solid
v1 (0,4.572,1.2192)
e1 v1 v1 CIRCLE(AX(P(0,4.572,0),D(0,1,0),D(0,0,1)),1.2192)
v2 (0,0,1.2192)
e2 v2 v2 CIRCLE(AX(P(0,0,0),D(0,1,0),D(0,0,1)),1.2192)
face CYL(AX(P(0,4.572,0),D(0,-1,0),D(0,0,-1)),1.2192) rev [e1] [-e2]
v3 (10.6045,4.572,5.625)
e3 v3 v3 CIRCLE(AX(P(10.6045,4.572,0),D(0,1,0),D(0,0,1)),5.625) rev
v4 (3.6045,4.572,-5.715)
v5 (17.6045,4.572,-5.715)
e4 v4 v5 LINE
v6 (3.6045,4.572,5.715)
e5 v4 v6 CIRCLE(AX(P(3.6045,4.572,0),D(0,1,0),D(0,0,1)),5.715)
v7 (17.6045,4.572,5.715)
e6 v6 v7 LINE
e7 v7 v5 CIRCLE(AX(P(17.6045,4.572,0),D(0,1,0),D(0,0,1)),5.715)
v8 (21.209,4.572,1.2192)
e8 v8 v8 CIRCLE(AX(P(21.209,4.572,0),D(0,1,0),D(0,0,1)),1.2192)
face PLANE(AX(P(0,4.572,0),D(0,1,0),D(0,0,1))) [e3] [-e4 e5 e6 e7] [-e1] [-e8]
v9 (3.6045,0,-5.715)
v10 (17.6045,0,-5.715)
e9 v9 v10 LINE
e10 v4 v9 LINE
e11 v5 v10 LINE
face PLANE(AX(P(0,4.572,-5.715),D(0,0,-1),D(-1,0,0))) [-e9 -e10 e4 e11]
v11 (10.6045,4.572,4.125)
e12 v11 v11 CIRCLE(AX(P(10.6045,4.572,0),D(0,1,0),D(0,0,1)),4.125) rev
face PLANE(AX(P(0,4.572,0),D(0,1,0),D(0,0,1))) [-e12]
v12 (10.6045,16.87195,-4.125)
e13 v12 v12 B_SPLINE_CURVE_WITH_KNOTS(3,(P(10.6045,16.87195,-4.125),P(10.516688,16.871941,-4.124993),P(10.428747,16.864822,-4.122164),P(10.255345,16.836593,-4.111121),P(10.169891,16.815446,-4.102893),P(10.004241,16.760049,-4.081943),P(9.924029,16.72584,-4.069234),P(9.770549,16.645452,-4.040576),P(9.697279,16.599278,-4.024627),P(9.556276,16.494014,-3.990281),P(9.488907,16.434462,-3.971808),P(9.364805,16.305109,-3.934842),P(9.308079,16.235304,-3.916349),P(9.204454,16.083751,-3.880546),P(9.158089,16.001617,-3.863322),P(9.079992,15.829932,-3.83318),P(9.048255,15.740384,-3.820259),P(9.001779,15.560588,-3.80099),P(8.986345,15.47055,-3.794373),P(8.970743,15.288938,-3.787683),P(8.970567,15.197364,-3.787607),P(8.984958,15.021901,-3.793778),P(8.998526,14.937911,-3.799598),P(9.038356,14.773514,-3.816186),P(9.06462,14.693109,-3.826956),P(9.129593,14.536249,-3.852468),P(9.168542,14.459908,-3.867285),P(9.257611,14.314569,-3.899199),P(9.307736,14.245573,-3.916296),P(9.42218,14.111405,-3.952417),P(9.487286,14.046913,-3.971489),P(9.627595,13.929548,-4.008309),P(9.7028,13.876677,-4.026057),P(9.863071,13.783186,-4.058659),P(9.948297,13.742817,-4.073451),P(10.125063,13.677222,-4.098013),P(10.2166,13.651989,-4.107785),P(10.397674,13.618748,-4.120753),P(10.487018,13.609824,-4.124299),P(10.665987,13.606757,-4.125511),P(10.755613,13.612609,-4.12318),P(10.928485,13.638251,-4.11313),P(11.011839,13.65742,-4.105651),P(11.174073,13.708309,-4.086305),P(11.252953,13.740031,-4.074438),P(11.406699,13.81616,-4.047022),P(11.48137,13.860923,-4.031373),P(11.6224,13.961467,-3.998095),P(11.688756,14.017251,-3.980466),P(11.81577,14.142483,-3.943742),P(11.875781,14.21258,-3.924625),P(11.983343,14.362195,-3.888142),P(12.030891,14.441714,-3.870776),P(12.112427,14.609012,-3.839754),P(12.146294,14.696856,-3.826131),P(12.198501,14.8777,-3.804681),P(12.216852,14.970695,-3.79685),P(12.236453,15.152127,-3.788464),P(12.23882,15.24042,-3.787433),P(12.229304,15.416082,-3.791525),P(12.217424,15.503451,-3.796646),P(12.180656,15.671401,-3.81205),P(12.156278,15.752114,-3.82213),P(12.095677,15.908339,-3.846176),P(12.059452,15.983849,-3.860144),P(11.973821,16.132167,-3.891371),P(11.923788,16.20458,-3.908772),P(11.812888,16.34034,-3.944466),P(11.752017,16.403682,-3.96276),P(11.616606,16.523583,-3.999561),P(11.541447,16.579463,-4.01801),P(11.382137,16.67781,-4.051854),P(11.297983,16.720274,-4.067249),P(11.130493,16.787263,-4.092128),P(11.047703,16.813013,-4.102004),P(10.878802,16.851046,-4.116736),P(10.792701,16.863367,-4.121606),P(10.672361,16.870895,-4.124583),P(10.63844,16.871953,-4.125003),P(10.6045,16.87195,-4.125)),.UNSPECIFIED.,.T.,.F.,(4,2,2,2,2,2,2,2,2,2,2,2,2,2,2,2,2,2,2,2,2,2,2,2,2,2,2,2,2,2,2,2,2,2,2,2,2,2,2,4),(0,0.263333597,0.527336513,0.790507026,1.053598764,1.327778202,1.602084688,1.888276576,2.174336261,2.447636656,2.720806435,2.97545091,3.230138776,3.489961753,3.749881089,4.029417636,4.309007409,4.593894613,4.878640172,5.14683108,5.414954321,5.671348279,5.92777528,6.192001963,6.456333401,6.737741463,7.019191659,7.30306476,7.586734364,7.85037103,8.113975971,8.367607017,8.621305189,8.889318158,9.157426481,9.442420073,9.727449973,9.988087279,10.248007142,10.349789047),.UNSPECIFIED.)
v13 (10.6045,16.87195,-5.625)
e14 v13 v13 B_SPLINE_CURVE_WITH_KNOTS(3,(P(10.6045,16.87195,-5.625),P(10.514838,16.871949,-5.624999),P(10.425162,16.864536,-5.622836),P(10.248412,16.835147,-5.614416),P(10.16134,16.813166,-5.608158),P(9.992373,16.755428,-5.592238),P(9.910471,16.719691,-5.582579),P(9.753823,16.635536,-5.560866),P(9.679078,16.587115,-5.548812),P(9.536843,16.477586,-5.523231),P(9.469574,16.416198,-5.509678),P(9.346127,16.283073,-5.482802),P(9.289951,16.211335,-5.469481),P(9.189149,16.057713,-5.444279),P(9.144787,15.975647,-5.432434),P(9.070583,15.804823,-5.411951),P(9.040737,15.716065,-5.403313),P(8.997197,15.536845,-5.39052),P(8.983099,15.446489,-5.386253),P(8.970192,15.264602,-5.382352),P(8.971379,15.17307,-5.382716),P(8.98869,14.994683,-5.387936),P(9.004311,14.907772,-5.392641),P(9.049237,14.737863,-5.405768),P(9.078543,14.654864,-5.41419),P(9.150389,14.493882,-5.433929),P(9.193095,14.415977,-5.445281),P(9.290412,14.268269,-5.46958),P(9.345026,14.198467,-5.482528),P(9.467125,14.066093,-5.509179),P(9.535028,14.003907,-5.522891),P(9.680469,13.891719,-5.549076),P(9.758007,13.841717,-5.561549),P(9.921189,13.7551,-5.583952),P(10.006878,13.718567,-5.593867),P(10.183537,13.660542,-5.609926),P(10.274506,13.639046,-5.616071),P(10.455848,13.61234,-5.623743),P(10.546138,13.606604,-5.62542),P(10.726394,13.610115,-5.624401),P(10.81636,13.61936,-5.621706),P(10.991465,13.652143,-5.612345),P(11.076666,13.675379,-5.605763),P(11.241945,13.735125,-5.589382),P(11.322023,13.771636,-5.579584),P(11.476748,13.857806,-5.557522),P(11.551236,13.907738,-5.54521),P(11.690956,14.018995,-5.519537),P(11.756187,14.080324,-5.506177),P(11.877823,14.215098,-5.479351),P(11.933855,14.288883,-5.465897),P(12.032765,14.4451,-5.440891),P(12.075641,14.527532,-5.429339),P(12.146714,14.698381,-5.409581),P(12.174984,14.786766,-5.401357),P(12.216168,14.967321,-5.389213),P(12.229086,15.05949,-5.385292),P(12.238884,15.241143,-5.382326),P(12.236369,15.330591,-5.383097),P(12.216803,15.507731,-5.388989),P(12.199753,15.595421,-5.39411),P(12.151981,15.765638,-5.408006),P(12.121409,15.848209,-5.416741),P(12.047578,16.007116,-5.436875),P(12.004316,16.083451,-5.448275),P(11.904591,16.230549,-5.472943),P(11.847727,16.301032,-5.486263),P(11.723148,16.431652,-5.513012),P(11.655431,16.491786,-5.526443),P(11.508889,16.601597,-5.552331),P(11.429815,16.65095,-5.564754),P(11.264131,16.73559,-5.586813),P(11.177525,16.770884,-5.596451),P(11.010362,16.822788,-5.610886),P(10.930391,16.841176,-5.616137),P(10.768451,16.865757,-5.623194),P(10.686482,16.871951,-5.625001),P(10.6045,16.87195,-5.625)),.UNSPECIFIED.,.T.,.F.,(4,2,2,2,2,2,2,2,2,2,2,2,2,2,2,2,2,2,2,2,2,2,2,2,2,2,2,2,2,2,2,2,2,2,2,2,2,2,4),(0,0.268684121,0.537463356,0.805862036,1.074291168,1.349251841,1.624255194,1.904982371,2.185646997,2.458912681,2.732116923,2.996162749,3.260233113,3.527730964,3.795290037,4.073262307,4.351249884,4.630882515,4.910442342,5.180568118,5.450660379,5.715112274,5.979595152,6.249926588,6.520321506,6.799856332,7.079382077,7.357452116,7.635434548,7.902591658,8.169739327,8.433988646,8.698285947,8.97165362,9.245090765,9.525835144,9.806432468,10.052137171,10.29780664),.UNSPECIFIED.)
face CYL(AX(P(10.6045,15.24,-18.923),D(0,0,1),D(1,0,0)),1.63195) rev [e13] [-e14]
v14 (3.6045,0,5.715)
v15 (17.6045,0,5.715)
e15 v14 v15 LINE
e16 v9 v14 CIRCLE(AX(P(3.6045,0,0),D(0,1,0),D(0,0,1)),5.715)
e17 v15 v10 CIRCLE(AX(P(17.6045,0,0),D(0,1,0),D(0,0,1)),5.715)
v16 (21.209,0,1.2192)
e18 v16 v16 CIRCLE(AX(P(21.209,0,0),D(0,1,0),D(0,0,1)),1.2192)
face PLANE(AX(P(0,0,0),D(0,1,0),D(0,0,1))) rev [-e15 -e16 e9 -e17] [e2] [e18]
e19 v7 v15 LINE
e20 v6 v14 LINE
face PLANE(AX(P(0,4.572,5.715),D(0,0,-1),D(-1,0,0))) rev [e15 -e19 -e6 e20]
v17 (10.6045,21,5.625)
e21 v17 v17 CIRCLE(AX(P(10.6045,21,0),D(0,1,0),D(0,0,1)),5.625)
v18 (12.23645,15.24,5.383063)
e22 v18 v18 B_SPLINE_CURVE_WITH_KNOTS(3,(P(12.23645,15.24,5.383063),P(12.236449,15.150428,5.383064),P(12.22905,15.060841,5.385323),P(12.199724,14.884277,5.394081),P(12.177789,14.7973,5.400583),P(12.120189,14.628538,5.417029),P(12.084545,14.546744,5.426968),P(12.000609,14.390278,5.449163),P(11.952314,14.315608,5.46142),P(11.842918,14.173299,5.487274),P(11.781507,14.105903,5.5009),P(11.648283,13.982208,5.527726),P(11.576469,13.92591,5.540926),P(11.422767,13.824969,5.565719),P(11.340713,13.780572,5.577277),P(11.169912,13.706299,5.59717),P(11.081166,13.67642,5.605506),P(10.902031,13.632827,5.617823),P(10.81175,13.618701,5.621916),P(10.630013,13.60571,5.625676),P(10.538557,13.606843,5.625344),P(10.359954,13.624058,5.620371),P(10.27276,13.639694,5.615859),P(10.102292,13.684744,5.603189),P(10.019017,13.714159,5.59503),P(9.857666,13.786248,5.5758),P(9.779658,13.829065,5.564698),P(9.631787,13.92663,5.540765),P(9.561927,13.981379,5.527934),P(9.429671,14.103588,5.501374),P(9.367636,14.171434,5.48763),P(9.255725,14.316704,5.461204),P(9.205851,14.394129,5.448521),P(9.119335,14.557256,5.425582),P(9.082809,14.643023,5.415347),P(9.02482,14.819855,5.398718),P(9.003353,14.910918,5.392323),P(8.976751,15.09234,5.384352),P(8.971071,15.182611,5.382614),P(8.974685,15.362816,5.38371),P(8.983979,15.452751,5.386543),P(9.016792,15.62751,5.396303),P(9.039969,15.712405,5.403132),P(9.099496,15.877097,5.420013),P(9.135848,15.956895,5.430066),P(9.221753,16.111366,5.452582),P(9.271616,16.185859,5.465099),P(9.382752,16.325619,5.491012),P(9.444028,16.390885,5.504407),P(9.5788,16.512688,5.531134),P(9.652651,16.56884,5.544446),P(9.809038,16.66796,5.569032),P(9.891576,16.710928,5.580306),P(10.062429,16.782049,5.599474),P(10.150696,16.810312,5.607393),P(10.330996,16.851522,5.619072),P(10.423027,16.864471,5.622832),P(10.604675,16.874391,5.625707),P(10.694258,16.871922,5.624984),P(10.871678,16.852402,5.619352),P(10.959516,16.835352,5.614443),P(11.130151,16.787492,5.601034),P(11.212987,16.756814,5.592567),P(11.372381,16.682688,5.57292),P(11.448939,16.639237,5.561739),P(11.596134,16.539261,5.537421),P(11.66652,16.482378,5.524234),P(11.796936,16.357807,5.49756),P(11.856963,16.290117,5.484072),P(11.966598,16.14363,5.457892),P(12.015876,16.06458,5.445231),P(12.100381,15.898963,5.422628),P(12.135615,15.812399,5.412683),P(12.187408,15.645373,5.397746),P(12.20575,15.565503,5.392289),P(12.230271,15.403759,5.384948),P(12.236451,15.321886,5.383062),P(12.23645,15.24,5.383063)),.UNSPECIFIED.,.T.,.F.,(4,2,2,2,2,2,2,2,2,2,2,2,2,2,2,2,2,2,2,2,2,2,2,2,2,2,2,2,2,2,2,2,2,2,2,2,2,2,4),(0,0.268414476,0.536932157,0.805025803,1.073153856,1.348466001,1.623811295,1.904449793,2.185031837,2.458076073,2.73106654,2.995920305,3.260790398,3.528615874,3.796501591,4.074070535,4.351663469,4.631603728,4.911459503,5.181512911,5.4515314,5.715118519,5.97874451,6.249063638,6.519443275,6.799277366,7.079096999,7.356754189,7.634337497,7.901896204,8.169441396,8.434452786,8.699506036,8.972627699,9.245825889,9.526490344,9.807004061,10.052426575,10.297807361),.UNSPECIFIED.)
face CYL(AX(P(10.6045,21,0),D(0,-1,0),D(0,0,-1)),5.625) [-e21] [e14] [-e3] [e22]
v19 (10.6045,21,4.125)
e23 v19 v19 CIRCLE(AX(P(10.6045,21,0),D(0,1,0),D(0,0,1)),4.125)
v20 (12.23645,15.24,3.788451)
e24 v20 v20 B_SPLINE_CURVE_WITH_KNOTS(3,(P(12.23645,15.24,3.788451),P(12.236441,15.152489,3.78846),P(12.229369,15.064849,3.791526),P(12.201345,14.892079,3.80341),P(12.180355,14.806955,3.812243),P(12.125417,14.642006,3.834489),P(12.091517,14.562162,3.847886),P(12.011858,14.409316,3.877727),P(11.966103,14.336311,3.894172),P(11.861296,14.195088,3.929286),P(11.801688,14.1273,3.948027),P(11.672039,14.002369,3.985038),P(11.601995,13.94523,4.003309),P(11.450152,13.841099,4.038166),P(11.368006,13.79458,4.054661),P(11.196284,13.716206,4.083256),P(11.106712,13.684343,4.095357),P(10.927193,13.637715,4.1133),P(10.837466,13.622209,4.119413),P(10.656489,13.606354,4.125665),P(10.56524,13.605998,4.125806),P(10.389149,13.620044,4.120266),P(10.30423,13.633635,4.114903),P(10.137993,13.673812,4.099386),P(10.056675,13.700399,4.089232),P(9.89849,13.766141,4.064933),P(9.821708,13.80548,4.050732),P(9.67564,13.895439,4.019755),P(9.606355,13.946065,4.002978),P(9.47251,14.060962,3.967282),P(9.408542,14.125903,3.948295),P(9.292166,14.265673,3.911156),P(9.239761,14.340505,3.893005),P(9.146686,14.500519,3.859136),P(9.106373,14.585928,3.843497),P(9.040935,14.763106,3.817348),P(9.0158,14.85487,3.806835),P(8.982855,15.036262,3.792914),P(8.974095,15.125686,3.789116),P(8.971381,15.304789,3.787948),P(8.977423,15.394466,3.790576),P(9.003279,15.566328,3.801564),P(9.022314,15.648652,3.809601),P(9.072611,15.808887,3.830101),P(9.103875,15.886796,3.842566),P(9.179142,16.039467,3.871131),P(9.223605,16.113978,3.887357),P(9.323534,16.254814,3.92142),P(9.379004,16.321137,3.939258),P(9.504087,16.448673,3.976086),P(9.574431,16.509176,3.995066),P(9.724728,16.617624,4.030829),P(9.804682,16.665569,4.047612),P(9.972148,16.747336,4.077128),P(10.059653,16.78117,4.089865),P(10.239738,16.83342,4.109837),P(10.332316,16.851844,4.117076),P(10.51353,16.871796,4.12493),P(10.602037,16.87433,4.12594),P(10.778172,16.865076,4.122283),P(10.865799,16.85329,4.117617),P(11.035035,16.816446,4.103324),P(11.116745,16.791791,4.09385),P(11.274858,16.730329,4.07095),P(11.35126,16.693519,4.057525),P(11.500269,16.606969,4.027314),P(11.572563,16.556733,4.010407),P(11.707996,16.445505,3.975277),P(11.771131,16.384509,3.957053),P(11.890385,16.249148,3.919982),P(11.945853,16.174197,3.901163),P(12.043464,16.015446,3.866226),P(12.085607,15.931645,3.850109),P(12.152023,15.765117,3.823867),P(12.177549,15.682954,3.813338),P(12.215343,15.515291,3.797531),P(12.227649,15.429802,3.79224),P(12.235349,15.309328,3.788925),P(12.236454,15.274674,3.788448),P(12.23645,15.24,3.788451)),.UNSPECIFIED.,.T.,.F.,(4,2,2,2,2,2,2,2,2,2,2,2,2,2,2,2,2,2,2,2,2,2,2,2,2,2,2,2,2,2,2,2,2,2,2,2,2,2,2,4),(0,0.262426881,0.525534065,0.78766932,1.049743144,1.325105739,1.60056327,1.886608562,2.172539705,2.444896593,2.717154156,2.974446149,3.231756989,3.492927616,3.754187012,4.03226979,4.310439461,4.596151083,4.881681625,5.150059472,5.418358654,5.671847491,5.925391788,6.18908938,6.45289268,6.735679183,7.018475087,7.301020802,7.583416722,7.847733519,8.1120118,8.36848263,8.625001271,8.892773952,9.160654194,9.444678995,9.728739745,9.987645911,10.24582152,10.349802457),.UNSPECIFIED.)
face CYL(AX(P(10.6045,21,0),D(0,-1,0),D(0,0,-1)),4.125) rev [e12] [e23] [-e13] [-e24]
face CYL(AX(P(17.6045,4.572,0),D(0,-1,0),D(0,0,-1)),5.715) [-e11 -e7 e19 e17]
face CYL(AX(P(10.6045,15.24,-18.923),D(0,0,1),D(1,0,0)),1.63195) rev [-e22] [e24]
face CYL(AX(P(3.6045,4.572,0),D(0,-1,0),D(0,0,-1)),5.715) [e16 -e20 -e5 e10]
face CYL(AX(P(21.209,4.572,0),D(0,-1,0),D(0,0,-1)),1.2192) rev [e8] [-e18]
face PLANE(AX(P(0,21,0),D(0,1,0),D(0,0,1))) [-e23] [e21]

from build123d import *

# Parameters (mm, degrees)
SKETCH1_R               = 1.2192
BOSS_EXTRUDE1_DEPTH     = 4.572
SKETCH1_3_R             = 5.625
SKETCH1_3_R_2           = 4.125
BOSS_EXTRUDE2_DEPTH     = 21
CUT_EXTRUDE1_DEPTH      = 18.923
CUT_EXTRUDE1_DEPTH_BACK = 18.923
SKETCH2_R               = 1.63195


with BuildPart() as part:
    # Sketch1 → Boss-Extrude1 (new body)
    with BuildSketch(Plane(origin=(0, 0, 0), x_dir=(1, 0, 0), z_dir=(0, 1, 0))):
        with BuildLine():
            Line((17.6045, 5.715), (3.6045, 5.715))
            ThreePointArc((3.6045, 5.715), (-2.1105, 0), (3.6045, -5.715))
            Line((3.6045, -5.715), (17.6045, -5.715))
            ThreePointArc((17.6045, -5.715), (23.3195, 0), (17.6045, 5.715))
        make_face()
        Circle(SKETCH1_R, mode=Mode.SUBTRACT)
        with Locations((21.209, 0)):
            Circle(SKETCH1_R, mode=Mode.SUBTRACT)
    extrude(amount=BOSS_EXTRUDE1_DEPTH)

    # Sketch1<3> → Boss-Extrude2 (add)
    with BuildSketch(Plane(origin=(0, 0, 0), x_dir=(1, 0, 0), z_dir=(0, 1, 0))):
        with Locations((10.6045, 0)):
            Circle(SKETCH1_3_R)
        with Locations((10.6045, 0)):
            Circle(SKETCH1_3_R_2, mode=Mode.SUBTRACT)
    extrude(amount=BOSS_EXTRUDE2_DEPTH)

    # Sketch2 → Cut-Extrude1 (cut, two sides: drawn at the far end of the back side and taken through both)
    with BuildSketch(Plane.XY.offset(-CUT_EXTRUDE1_DEPTH_BACK)):
        with Locations((10.6045, 15.24)):
            Circle(SKETCH2_R)
    extrude(amount=CUT_EXTRUDE1_DEPTH + CUT_EXTRUDE1_DEPTH_BACK, mode=Mode.SUBTRACT)


solid = part.part
